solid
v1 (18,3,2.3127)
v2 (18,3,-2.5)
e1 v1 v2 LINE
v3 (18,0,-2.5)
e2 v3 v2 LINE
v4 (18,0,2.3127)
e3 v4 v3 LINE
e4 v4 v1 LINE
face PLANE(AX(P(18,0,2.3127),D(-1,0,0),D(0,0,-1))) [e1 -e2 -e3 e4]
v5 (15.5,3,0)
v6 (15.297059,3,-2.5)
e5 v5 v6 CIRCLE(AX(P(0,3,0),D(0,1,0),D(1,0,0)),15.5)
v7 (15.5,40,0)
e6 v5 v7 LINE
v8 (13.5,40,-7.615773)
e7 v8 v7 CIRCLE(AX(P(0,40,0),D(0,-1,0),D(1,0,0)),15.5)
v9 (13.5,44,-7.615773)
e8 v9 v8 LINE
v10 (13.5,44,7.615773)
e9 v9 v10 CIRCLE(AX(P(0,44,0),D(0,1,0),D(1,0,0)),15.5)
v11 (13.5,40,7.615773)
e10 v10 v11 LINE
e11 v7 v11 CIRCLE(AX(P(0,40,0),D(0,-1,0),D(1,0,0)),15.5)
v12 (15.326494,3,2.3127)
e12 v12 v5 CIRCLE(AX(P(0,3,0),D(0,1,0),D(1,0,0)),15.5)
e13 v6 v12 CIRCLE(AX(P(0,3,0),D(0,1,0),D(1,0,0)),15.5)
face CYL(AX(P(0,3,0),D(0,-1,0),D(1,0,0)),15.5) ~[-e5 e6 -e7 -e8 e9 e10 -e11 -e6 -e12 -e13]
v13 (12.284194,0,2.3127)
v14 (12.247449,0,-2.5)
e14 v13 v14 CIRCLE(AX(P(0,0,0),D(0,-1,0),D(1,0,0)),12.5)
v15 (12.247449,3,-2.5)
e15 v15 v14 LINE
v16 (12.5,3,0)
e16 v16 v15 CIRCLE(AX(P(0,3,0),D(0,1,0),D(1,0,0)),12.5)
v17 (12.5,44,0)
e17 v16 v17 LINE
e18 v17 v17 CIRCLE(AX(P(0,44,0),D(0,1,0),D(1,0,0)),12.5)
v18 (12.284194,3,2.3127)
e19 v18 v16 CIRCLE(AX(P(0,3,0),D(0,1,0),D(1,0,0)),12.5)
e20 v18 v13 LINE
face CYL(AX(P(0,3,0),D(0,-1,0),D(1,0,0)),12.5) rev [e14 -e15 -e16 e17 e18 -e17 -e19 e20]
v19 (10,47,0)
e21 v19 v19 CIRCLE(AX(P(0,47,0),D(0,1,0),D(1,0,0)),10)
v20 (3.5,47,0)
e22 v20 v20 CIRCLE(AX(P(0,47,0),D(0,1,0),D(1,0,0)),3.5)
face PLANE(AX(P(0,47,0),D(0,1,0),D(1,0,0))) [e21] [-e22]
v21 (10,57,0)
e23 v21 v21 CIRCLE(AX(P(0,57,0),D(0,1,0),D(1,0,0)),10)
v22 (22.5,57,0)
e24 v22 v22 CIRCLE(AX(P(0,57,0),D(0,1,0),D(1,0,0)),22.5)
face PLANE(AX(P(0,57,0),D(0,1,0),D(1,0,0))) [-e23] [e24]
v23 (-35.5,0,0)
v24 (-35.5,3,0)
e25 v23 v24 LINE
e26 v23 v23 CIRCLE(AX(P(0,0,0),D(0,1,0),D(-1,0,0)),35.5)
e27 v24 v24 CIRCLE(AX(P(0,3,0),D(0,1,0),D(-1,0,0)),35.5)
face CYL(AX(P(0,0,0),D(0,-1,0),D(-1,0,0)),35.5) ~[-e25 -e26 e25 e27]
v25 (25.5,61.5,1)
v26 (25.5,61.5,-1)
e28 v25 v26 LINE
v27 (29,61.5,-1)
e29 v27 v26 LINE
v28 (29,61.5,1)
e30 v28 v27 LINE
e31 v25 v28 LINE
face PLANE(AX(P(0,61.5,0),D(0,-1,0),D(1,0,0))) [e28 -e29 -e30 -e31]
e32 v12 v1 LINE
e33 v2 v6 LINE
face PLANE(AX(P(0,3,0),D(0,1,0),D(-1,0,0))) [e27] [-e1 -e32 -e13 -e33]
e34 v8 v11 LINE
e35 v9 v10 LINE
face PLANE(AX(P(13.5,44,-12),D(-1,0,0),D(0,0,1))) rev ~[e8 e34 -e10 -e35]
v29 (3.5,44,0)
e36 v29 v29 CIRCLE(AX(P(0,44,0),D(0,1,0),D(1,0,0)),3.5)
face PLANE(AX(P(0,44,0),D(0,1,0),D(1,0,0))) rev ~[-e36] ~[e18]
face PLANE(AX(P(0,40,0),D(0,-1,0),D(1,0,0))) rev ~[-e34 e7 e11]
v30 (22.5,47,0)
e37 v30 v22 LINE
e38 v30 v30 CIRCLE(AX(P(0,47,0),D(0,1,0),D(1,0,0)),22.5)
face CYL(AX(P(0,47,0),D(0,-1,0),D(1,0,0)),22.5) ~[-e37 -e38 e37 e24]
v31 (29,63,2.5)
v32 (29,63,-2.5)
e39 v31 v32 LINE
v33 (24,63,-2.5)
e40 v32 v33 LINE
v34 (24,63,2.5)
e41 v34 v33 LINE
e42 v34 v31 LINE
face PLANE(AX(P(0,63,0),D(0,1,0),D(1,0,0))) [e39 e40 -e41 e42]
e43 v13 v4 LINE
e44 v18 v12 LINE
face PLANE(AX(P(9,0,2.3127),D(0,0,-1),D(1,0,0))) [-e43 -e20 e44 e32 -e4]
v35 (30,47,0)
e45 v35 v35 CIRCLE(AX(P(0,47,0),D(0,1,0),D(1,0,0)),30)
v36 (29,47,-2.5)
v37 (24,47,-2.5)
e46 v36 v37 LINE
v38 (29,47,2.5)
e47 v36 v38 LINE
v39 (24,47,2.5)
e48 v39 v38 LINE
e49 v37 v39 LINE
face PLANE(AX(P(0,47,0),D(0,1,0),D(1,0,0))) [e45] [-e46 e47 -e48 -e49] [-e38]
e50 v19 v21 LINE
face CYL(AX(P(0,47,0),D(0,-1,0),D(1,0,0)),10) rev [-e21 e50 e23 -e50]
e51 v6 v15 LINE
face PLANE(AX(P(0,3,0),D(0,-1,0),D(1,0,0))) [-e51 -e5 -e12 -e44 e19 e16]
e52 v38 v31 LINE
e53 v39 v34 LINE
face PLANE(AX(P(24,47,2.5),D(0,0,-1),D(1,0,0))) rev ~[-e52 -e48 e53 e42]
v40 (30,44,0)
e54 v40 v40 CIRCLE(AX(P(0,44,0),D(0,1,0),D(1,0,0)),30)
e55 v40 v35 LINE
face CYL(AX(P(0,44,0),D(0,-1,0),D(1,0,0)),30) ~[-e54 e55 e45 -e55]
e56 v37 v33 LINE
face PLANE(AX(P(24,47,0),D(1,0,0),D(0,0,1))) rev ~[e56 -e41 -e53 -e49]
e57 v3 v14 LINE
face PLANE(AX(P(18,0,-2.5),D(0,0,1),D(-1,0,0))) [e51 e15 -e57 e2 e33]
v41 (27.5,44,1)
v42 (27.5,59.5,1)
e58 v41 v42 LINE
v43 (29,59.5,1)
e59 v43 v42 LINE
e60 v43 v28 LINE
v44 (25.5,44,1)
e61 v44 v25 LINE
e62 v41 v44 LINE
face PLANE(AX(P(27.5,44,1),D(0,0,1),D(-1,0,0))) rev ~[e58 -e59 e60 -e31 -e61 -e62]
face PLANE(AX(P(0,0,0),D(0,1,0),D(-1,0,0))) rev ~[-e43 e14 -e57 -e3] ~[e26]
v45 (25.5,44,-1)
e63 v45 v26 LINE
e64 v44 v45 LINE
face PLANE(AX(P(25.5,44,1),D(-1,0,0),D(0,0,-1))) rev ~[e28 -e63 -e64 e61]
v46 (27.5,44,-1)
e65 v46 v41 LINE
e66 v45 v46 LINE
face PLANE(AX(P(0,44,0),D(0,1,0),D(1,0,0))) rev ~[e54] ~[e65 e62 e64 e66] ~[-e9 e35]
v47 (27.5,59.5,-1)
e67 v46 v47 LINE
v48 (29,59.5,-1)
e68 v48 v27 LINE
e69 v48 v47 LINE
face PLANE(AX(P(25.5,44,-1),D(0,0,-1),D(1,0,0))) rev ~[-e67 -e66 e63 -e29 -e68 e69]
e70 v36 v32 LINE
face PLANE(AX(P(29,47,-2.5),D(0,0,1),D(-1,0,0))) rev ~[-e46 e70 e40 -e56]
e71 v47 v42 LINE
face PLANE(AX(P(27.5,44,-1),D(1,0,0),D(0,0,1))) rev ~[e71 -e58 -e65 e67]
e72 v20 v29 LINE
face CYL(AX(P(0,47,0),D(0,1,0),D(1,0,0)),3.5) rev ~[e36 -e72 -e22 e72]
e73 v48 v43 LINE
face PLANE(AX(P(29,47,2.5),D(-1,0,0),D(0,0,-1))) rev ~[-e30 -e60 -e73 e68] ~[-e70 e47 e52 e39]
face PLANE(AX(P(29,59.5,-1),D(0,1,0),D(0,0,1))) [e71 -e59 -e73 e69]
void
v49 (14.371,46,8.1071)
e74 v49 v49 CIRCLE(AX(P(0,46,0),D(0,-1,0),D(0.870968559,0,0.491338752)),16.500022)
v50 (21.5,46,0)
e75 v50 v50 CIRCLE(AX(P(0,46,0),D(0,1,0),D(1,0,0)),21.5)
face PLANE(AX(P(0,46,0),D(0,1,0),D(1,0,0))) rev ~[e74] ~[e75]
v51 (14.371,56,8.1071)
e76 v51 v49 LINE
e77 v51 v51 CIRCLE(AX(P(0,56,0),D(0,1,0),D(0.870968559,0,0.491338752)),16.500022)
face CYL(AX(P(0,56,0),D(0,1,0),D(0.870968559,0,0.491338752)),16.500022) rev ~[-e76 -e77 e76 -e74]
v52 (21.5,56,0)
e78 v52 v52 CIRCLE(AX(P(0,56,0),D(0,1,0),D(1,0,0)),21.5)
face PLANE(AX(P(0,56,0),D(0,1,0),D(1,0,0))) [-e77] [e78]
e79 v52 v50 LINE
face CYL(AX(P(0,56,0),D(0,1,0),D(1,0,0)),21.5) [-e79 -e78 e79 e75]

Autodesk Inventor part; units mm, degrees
ref_plane "YZ Plane" through (0, 0, 0) normal (1, 0, 0) x (0, 1, 0)
ref_plane "XZ Plane" through (0, 0, 0) normal (0, 1, 0) x (-1, 0, 0)
sketch "草图1" plane through (0, 0, 0) normal (0, 1, 0) x (-1, 0, 0)
  circle A0 centre (0, 0) radius 35.5
  dimension "d0" = 71
extrude "拉伸1" add sketch "草图1" along normal blind 3
sketch "草图2" plane through (0, 3, 0) normal (0, 1, 0) x (1, 0, 0)
  circle A0 centre (0, 0) radius 15.5
  circle A1 centre (0, 0) radius 12.5
  dimension "d3" = 31
  dimension "d4" = 25
extrude "拉伸2" add sketch "草图2" along normal blind 41
sketch "草图3" plane through (0, 44, 0) normal (0, 1, 0) x (1, 0, 0)
  circle A0 centre (0, 0) radius 30
  dimension "d7" = 60
extrude "拉伸3" add sketch "草图3" along normal blind 3
sketch "草图4" plane through (0, 0, 0) normal (0, -1, 0) x (1, 0, 0)
  circle A0 centre (0, 0) radius 12.5 projected
extrude "拉伸4" cut sketch "草图4" against normal blind 3
sketch "草图5" plane through (0, 47, 0) normal (0, 1, 0) x (1, 0, 0)
  circle A0 centre (0, 0) radius 12.5 projected
  circle A1 centre (0, 0) radius 3.5
  dimension "d12" = 7
extrude "拉伸5" cut sketch "草图5" against normal blind 5 contours A1
sketch "草图6" plane through (0, 47, 0) normal (0, 1, 0) x (1, 0, 0)
  circle A0 centre (0, 0) radius 10
  circle A1 centre (0, 0) radius 22.5
  dimension "d15" = 20
  dimension "d16" = 45
extrude "拉伸6" add sketch "草图6" along normal blind 10
sketch "草图7" plane through (0, 47, 0) normal (0, 1, 0) x (1, 0, 0)
  circle A0 centre (0, 0) radius 3.5 projected
  line L0 (3.5, 3.5) -> (48.5, 3.5)
  line L1 (48.5, 3.5) -> (48.5, -3.5)
  line L2 (48.5, -3.5) -> (3.5, -3.5)
  line L3 (3.5, -3.5) -> (3.5, 3.5)
  dimension "d19" = 45
  dimension "d20" = 7
extrude "拉伸7" [suppressed]
sketch "草图8" plane through (0, 47, 0) normal (0, 1, 0) x (1, 0, 0)
  circle A0 centre (44.1819, 0) radius 2.5
  point P0 (0, 0)
  dimension "d23" = 5
extrude "拉伸8" [suppressed]
pattern_circular "环形阵列1" [suppressed]
sketch "草图9" plane through (0, 47, 0) normal (0, 1, 0) x (1, 0, 0)
  line L0 (24, -2.5) -> (29, -2.5)
  line L1 (29, -2.5) -> (29, 2.5)
  line L2 (29, 2.5) -> (24, 2.5)
  line L3 (24, 2.5) -> (24, -2.5)
  line L4 (-49.7, 0) -> (49.7, 0) projected
  point P0 (0, 0)
  dimension "d32" = 5
  dimension "d33" = 5
  dimension "d34" = 24
extrude "拉伸9" add sketch "草图9" along normal blind 16
sketch "草图10" plane through (0, 44, 0) normal (0, -1, 0) x (1, 0, 0)
  line L0 (13.5, 10) -> (26.5, 10)
  line L1 (26.5, 10) -> (26.5, -12)
  line L2 (26.5, -12) -> (13.5, -12)
  line L3 (13.5, -12) -> (13.5, 10)
  point P0 (0, 0)
  dimension "d36" = 10
  dimension "d38" = 22
  dimension "d40" = 13
  dimension "d41" = 13.5
extrude "拉伸10" cut sketch "草图10" along normal blind 4
sketch "草图11" plane through (0, 44, 0) normal (0, -1, 0) x (1, 0, 0)
  circle A0 centre (0, 0) radius 12.5 projected
  line L0 (24, 2.5) -> (29, 2.5) projected
  line L1 (29, 2.5) -> (29, -2.5) projected
  line L2 (29, -2.5) -> (24, -2.5) projected
  line L3 (24, -2.5) -> (24, 2.5) projected
  line L4 (27.5, -1) -> (27.5, 1)
  line L5 (27.5, 1) -> (25.5, 1)
  line L6 (25.5, 1) -> (25.5, -1)
  line L7 (25.5, -1) -> (27.5, -1)
  dimension "d44" = 1.5
extrude "拉伸11" cut sketch "草图11" against normal blind 17.5 contours L7 L6 L5 L4
sketch "草图12" plane through (29, 47, 2.5) normal (1, 0, 0) x (0, 0, -1)
  line L0 (1.5, 14.5) -> (3.5, 14.5) projected
  line L1 (3.5, -3) -> (3.5, 14.5) projected
  line L2 (1.5, 14.5) -> (3.5, 14.5)
  line L3 (3.5, 14.5) -> (3.5, 12.5)
  line L4 (3.5, 12.5) -> (1.5, 12.5)
  line L5 (1.5, 12.5) -> (1.5, 14.5)
  point P0 (2.5, -47)
  dimension "d47" = 2
extrude "拉伸12" cut sketch "草图12" against normal blind 2
sketch "草图13" plane through (0, 0, 0) normal (0, -1, 0) x (1, 0, 0)
  line L0 (24, -2.5) -> (29, -2.5) projected
  line L1 (9, 2.3127) -> (18, 2.3127)
  line L2 (18, 2.3127) -> (18, -2.5)
  line L3 (18, -2.5) -> (9, -2.5)
  line L4 (9, -2.5) -> (9, 2.3127)
  point P0 (0, 0)
  dimension "d52" = 9
  dimension "d53" = 9
extrude "拉伸13" cut sketch "草图13" against normal blind 3
ref_plane "工作平面2" through (0, 56, 0) normal (0, 1, 0) x (1, 0, 0)
sketch "草图14" plane through (0, 57, 0) normal (0, 1, 0) x (1, 0, 0)
  circle A0 centre (0, 0) radius 10 projected
  circle A1 centre (0, 0) radius 22.5 projected
  arc A2 (13.5, -7.6158) -> (13.5, 7.6158) centre (0, 0) ccw projected
  arc A3 (13.5, 7.6158) -> (13.5, -7.6158) centre (0, 0) ccw projected
  circle A4 centre (0, 0) radius 21.5
  arc A5 (14.371, -8.1071) -> (14.371, 8.1071) centre (0, 0) ccw
  arc A6 (14.371, 8.1071) -> (14.371, -8.1071) centre (0, 0) ccw
  dimension "d56" = 1
sketch "草图15" plane through (0, 56, 0) normal (0, 1, 0) x (1, 0, 0)
  circle A0 centre (0, 0) radius 10
  circle A1 centre (0, 0) radius 22.5
  arc A2 (13.5, -7.6158) -> (13.5, 7.6158) centre (0, 0) ccw
  arc A3 (13.5, 7.6158) -> (13.5, -7.6158) centre (0, 0) ccw
  circle A4 centre (0, 0) radius 21.5
  arc A5 (14.371, -8.1071) -> (14.371, 8.1071) centre (0, 0) ccw
  arc A6 (14.371, 8.1071) -> (14.371, -8.1071) centre (0, 0) ccw
  dimension "d58" = 1
extrude "拉伸14" cut sketch "草图15" against normal blind 10 contours A4
properties part number "电机帽" material "尼龙 6/6"
